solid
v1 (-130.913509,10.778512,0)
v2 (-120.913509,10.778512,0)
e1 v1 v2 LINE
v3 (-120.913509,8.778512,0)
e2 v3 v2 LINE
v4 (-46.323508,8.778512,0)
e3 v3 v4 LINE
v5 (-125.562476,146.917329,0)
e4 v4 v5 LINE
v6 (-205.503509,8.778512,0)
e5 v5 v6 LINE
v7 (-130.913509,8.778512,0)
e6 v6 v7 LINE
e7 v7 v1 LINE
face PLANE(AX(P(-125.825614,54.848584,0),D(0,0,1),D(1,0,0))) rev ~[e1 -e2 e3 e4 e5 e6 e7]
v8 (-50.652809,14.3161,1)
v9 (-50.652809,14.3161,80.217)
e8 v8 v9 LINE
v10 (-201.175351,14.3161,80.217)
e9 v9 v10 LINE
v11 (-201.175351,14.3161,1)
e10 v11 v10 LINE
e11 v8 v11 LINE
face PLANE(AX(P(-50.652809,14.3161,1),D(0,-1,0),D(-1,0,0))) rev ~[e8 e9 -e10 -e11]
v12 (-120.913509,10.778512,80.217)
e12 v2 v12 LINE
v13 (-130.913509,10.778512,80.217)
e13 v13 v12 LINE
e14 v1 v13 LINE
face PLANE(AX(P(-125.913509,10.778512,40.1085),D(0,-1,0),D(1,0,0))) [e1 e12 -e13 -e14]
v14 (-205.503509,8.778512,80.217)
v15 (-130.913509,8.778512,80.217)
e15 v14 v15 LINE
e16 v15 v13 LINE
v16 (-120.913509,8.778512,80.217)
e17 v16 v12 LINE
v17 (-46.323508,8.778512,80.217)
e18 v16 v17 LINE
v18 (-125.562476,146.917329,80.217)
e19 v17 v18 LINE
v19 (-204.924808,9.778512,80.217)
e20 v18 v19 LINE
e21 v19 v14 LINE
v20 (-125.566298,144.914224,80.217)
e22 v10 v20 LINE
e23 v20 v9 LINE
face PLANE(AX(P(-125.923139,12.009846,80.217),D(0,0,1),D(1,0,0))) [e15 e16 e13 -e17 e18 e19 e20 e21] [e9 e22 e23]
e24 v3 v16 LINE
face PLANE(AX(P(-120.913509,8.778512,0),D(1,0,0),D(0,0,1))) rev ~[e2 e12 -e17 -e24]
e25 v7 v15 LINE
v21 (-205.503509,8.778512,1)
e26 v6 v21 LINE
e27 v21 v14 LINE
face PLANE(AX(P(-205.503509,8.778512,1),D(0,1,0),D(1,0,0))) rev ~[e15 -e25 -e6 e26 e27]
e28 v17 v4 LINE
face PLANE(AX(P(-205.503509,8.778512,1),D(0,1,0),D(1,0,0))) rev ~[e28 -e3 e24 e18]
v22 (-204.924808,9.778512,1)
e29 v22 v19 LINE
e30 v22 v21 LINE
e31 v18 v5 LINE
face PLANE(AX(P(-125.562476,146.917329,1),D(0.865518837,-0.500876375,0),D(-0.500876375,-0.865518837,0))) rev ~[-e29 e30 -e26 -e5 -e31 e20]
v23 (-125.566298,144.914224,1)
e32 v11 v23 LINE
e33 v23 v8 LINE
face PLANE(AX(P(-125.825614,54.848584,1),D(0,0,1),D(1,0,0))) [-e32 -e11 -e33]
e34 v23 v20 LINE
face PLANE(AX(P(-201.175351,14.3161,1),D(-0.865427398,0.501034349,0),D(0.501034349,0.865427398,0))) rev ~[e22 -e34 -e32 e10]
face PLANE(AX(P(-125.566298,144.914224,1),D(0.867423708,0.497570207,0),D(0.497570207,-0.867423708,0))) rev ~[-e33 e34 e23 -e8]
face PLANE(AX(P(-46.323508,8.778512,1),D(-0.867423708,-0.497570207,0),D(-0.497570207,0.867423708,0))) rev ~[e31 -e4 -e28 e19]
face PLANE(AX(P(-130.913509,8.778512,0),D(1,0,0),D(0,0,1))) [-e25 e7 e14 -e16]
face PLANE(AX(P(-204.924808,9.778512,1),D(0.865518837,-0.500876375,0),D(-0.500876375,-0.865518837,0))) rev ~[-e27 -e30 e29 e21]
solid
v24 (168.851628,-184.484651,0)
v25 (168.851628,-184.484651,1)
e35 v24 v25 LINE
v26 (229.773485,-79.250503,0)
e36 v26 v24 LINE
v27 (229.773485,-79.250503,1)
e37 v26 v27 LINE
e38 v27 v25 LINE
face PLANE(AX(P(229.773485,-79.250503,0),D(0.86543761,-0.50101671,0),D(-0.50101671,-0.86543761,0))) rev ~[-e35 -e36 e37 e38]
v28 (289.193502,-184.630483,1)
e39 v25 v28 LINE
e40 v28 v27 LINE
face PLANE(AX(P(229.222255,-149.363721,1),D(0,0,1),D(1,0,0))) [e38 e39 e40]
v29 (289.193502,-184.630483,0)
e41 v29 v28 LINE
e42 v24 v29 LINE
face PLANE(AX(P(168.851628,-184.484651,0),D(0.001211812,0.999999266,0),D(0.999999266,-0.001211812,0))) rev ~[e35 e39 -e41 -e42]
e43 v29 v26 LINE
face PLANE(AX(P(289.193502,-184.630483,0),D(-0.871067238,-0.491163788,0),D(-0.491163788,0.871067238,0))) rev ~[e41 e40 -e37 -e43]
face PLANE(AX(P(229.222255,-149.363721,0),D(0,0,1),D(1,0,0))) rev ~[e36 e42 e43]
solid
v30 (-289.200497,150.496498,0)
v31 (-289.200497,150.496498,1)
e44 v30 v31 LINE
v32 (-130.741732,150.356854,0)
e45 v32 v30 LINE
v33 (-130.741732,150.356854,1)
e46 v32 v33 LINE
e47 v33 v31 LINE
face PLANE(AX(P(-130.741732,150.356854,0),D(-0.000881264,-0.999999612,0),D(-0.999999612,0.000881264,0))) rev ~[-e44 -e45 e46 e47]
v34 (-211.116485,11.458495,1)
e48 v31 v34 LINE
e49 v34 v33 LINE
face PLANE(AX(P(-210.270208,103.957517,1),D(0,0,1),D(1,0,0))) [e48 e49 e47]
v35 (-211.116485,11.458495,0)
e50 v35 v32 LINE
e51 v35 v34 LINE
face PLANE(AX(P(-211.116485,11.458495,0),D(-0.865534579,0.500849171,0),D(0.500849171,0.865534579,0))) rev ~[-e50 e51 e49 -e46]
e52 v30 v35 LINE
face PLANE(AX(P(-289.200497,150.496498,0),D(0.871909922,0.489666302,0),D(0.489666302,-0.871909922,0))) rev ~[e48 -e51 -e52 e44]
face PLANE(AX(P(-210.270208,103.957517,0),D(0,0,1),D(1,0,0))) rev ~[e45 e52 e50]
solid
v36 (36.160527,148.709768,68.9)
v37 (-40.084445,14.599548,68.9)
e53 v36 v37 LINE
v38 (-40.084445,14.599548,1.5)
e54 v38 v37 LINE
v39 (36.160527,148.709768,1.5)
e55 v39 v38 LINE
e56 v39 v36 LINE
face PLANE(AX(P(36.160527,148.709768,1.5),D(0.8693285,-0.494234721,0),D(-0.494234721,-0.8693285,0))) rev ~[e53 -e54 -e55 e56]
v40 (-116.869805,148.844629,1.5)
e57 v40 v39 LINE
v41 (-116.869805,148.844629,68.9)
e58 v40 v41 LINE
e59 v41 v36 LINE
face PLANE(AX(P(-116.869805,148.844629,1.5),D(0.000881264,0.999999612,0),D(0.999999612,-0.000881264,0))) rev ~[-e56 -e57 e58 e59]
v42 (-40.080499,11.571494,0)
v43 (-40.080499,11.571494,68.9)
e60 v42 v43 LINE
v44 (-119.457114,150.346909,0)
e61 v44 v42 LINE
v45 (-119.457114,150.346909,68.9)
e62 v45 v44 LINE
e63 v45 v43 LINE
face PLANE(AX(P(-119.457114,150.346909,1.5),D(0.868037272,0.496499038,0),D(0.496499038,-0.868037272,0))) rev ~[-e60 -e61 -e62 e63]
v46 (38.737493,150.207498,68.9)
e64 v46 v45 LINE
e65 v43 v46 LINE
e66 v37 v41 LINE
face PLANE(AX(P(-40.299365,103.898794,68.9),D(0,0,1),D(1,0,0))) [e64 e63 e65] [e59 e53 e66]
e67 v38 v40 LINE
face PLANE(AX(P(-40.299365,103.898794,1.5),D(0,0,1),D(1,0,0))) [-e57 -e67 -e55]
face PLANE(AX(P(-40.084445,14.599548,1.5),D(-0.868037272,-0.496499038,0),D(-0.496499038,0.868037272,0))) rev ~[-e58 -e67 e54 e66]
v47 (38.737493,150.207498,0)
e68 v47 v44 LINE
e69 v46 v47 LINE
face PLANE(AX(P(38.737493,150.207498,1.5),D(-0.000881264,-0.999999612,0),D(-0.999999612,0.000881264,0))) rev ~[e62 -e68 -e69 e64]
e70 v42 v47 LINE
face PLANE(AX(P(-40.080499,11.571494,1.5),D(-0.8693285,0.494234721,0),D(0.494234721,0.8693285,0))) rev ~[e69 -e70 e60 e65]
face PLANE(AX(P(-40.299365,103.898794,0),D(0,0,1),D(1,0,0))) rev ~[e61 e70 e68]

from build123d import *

# Parameters (mm, degrees)
F1_DEPTH  = 1
F2_DEPTH  = 1
F4_DEPTH  = 79.217
F5_DEPTH  = 79.217
F6_W      = 10
F6_H      = 80.217
F8_DEPTH  = 2
F9_DEPTH  = 1
F10_DEPTH = 1.5
F12_DEPTH = 67.4


with BuildPart() as f1:
    # F0 (on Top) → F1 (new body)
    with BuildSketch(Plane.XY):
        Polygon((-46.323508, 8.778512), (-125.5624761892, 146.9173285666), (-205.503509, 8.778512), align=None)
    extrude(amount=F1_DEPTH)

    # F3 (on face) → F4 (join)
    with BuildSketch(Plane.XY.offset(1)):
        Polygon((-125.5624761892, 146.9173285666), (-204.9248082785, 9.778512), (-205.503509, 8.778512), (-46.323508, 8.778512), align=None)
        Polygon((-48.0499655476, 9.778512), (-203.8023620844, 9.778512), (-201.1753511319, 14.3160996094), (-125.5662977814, 144.9142241888), (-50.6528093331, 14.3160996094), align=None, mode=Mode.SUBTRACT)
    extrude(amount=F4_DEPTH)

    # F3 (on face) → F5 (join)
    with BuildSketch(Plane.XY.offset(1)):
        Polygon((-201.1753511319, 14.3160996094), (-203.8023620844, 9.778512), (-48.0499655476, 9.778512), (-50.6528093331, 14.3160996094), align=None)
    extrude(amount=F5_DEPTH)

    # F6 (on face) → F8 (cut)
    with BuildSketch(Plane.XZ.offset(-8.778512)):
        with Locations((-125.9135085, 40.1085)):
            Rectangle(F6_W, F6_H)
    extrude(amount=-F8_DEPTH, mode=Mode.SUBTRACT)


with BuildPart() as f2:
    # F0 (on Top) → F2 (new body)
    with BuildSketch(Plane.XY):
        Polygon((168.8516275419, -184.4846511391), (289.193502, -184.630483), (229.773485, -79.250503), align=None)
    extrude(amount=F2_DEPTH)


with BuildPart() as f9:
    # F0 (on Top) → F9 (new body)
    with BuildSketch(Plane.XY):
        Polygon((-211.116485, 11.458495), (-130.7417321458, 150.3568539684), (-289.200497, 150.496498), align=None)
    extrude(amount=F9_DEPTH)


with BuildPart() as f10:
    # F0 (on Top) → F10 (new body)
    with BuildSketch(Plane.XY):
        Polygon((38.737493, 150.207498), (-119.4571138272, 150.3469092386), (-40.080499, 11.571494), align=None)
    extrude(amount=F10_DEPTH)

    # F11 (on face) → F12 (join)
    with BuildSketch(Plane.XY.offset(1.5)):
        Polygon((-119.4571138272, 150.3469092386), (-40.080499, 11.571494), (38.737493, 150.207498), align=None)
        Polygon((-116.8698045165, 148.8446285532), (36.1605270215, 148.7097684053), (-40.0844454768, 14.5995475784), align=None, mode=Mode.SUBTRACT)
    extrude(amount=F12_DEPTH)


solid = Compound([f1.part, f2.part, f9.part, f10.part])
